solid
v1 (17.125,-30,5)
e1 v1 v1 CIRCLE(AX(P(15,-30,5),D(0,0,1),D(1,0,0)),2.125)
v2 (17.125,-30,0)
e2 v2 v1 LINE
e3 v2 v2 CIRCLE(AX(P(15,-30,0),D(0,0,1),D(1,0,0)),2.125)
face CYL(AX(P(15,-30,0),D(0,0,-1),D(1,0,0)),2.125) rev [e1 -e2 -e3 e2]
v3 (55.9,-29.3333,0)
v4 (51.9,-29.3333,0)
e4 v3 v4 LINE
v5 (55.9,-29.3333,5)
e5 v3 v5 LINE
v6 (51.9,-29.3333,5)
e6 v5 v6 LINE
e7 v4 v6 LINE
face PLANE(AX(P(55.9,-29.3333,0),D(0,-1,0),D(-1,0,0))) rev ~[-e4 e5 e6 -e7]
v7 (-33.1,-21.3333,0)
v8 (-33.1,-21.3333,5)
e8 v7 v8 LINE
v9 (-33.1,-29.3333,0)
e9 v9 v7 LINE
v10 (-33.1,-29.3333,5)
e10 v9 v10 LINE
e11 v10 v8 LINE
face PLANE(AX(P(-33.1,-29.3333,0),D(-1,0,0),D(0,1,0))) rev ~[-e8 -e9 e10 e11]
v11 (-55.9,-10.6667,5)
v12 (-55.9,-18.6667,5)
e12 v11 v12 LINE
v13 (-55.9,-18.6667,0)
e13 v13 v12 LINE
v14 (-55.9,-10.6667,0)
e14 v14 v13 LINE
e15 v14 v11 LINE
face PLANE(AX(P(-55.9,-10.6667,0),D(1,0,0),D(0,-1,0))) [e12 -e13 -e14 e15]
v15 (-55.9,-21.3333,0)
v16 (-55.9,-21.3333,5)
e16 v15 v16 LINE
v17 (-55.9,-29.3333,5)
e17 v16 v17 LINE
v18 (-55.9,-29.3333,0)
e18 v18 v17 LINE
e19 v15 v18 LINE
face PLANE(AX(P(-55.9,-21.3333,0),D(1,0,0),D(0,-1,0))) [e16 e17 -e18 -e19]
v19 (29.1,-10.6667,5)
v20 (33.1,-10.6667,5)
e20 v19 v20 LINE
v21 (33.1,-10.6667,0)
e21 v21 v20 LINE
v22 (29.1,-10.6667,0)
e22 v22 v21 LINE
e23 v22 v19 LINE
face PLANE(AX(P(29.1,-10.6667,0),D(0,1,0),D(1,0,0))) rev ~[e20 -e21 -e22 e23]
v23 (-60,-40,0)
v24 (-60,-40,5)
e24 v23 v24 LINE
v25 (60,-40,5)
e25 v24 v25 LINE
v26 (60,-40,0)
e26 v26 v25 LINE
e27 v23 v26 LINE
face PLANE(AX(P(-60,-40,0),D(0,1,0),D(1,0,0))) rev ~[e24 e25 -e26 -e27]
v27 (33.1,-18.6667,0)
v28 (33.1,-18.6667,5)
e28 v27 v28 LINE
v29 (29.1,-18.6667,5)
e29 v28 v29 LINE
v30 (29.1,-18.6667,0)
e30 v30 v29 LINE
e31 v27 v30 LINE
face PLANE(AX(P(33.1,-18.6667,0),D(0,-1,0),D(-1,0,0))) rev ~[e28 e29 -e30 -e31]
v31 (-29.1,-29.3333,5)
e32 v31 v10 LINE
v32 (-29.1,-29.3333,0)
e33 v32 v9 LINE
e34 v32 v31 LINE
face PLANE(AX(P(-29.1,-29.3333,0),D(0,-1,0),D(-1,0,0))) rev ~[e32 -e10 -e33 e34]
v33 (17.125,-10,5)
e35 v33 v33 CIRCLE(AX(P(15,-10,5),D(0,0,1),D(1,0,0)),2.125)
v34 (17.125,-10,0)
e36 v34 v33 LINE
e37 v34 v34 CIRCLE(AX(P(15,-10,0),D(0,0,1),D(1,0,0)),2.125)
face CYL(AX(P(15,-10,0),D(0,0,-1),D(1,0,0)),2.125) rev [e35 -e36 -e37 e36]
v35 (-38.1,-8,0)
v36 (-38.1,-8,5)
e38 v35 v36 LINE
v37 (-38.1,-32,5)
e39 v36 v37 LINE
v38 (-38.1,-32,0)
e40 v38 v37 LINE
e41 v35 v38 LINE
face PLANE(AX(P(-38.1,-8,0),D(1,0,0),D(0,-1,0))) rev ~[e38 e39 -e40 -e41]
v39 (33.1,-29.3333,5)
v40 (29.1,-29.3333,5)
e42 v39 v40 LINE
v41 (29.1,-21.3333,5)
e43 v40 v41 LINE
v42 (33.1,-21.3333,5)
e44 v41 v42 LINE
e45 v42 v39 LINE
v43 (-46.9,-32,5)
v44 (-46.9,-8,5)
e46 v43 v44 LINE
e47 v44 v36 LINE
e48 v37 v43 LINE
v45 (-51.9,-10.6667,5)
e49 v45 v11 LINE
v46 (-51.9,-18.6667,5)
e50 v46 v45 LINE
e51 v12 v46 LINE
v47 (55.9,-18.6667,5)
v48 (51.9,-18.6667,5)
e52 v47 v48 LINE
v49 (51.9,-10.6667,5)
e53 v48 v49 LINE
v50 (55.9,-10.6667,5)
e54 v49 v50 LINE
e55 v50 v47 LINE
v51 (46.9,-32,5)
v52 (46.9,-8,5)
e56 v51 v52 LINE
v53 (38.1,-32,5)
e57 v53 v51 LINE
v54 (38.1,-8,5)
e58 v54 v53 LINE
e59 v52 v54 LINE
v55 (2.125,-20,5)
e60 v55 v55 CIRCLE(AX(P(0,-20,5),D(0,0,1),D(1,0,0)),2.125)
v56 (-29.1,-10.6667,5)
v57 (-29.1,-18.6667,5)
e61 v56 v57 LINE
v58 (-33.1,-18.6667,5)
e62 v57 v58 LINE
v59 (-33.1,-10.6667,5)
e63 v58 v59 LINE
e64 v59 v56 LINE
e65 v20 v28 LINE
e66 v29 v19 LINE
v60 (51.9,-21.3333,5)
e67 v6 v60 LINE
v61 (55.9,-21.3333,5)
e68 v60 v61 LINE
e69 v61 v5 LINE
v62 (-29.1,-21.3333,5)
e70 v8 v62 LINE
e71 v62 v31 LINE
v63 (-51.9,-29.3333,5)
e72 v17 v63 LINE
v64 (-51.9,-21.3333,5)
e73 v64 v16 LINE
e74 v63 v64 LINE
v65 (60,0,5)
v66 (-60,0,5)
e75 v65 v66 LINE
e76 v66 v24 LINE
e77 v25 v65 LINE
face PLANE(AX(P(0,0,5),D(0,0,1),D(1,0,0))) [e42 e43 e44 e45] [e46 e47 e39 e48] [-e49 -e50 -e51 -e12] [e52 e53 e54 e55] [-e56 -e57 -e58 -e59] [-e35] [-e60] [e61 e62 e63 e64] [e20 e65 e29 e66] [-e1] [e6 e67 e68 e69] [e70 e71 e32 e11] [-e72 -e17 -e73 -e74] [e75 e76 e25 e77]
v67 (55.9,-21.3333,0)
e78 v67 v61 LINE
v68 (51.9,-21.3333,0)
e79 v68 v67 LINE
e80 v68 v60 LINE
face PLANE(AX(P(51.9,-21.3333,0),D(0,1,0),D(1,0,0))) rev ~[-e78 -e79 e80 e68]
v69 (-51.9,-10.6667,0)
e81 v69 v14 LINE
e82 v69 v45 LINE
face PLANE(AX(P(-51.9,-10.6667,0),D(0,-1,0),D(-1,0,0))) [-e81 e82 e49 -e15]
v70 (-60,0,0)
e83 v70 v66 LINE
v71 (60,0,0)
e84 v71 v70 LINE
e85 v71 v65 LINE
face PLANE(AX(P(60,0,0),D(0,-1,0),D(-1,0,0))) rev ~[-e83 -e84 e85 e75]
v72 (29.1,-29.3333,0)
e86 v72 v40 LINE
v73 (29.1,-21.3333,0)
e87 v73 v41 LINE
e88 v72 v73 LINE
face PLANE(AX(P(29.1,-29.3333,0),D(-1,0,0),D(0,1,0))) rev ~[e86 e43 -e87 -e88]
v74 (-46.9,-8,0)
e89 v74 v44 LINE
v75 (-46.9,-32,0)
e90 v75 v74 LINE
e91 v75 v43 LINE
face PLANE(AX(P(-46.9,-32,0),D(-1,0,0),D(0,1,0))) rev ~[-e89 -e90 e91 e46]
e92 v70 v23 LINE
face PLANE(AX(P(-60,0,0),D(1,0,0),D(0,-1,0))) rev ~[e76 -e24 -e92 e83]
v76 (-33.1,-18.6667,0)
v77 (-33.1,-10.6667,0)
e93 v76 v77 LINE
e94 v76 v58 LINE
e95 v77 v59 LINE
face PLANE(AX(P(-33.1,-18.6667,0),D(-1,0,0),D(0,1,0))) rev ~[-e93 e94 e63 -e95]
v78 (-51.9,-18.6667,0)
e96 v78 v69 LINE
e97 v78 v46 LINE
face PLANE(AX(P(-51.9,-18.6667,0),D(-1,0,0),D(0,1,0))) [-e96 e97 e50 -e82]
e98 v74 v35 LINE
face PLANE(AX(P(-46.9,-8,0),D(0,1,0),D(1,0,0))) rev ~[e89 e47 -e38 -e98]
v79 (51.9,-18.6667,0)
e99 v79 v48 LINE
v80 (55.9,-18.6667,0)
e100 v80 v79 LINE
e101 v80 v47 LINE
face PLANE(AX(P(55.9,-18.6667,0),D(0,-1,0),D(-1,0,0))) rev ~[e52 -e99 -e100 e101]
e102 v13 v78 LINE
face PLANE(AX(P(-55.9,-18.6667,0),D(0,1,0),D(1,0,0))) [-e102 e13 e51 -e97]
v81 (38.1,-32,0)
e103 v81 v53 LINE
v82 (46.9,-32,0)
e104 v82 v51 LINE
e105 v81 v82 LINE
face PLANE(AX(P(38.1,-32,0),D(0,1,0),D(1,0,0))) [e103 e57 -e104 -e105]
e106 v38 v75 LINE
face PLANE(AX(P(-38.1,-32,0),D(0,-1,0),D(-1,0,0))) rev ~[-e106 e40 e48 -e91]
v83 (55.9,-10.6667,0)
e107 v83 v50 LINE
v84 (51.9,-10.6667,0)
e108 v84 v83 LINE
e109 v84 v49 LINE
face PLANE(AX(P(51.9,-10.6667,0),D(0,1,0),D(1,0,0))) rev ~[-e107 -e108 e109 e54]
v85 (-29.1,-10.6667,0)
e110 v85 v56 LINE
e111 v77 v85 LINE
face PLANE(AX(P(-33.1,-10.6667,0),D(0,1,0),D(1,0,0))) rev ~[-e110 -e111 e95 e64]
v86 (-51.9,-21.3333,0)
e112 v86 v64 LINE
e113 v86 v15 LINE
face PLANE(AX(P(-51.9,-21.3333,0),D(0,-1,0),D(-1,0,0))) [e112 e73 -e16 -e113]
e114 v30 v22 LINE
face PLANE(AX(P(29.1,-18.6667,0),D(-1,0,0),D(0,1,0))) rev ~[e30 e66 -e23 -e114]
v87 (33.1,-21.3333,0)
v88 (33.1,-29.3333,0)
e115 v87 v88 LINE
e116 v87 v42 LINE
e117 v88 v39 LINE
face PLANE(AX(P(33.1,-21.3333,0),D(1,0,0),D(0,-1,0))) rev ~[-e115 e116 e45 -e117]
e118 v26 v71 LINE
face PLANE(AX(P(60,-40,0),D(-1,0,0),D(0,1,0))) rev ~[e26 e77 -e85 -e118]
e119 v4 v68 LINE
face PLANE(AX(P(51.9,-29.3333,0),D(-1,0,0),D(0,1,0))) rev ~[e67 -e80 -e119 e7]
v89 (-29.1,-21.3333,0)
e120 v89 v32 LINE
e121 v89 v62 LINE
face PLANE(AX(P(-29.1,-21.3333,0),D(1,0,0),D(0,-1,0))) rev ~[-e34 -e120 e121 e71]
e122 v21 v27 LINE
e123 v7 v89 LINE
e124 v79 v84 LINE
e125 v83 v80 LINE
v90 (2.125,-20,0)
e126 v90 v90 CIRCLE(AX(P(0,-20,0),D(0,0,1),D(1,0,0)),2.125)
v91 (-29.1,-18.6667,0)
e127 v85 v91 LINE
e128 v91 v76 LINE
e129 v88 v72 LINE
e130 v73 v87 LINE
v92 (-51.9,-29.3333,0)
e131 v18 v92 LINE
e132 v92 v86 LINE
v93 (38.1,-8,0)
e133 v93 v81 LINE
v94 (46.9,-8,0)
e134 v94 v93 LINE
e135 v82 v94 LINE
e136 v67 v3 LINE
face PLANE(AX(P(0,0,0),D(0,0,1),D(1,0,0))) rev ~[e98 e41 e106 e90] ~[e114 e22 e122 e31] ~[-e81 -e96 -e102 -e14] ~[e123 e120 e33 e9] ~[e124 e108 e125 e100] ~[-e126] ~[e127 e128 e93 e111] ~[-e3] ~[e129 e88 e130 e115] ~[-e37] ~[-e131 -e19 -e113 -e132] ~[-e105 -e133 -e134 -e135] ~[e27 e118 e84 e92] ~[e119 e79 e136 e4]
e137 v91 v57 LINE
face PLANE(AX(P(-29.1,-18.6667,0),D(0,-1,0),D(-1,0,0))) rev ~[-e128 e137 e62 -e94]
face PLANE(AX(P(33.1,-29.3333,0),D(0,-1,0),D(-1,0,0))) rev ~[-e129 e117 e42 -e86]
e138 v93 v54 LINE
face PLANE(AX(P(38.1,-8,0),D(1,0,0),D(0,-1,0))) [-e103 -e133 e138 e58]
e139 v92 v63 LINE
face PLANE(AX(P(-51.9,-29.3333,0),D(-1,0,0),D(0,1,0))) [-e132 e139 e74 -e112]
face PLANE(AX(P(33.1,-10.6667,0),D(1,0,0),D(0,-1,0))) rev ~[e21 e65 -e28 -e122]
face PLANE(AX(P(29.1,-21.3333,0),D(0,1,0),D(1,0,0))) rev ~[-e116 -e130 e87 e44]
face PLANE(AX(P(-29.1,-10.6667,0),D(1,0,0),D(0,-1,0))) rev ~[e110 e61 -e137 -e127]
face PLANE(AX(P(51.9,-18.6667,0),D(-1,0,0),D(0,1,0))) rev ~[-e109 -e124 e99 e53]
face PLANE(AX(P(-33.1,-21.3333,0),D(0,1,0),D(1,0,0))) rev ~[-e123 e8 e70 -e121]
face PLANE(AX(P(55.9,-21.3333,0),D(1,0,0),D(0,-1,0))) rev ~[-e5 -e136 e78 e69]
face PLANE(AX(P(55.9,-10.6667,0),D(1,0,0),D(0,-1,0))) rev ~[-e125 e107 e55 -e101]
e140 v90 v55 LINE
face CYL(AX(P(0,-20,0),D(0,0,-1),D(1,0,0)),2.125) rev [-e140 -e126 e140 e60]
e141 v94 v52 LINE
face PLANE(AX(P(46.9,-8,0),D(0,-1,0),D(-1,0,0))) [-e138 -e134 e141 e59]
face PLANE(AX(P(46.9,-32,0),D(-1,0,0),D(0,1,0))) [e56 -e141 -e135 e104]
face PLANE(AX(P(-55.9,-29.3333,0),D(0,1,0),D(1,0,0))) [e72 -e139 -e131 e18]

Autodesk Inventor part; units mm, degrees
ref_plane "YZ Plane" through (0, 0, 0) normal (1, 0, 0) x (0, 1, 0)
ref_plane "XZ Plane" through (0, 0, 0) normal (0, 1, 0) x (-1, 0, 0)
ref_plane "XY Plane" through (0, 0, 0) normal (0, 0, 1) x (1, 0, 0)
sketch "Sketch1" plane through (0, 0, 0) normal (0, 0, 1) x (1, 0, 0)
  line L0 (60, 0) -> (-60, 0)
  line L1 (-60, 0) -> (-60, -40)
  line L2 (-60, -40) -> (60, -40)
  line L3 (60, -40) -> (60, 0)
  line L4 (46.9, -8) -> (38.1, -8)
  line L5 (38.1, -8) -> (38.1, -32)
  line L6 (38.1, -32) -> (46.9, -32)
  line L7 (46.9, -32) -> (46.9, -8)
  line L8 (46.9, -8) -> (46.9, 0) construction
  line L9 (46.9, -32) -> (46.9, -40) construction
  line L10 (0, 0) -> (5.0949, 0) construction
  line L11 (-46.9, -8) -> (-38.1, -8)
  line L12 (-38.1, -8) -> (-38.1, -32)
  line L13 (-38.1, -32) -> (-46.9, -32)
  line L14 (-46.9, -32) -> (-46.9, -8)
  line L15 (-42.5, -23.6928) -> (-38.1, -23.6928) construction
  line L16 (-42.5, -23.6928) -> (-46.9, -23.6928) construction
  line L17 (46.9, -20) -> (60, -20) construction
  line L18 (-60, -20) -> (-46.9, -20) construction
  line L19 (51.9, -10.6667) -> (55.9, -10.6667)
  line L20 (55.9, -10.6667) -> (55.9, -18.6667)
  line L21 (55.9, -18.6667) -> (51.9, -18.6667)
  line L22 (51.9, -18.6667) -> (51.9, -10.6667)
  line L23 (51.9, -21.3333) -> (55.9, -21.3333)
  line L24 (55.9, -21.3333) -> (55.9, -29.3333)
  line L25 (55.9, -29.3333) -> (51.9, -29.3333)
  line L26 (51.9, -29.3333) -> (51.9, -21.3333)
  line L27 (51.9, -10.6667) -> (51.9, -8) construction
  line L28 (46.9, -8) -> (51.9, -8) construction
  line L29 (51.9, -18.6667) -> (51.9, -21.3333) construction
  line L30 (51.9, -29.3333) -> (51.9, -32) construction
  line L31 (46.9, -32) -> (51.9, -32) construction
  line L32 (29.1, -10.6667) -> (33.1, -10.6667)
  line L33 (33.1, -10.6667) -> (33.1, -18.6667)
  line L34 (33.1, -18.6667) -> (29.1, -18.6667)
  line L35 (29.1, -18.6667) -> (29.1, -10.6667)
  line L36 (29.1, -21.3333) -> (33.1, -21.3333)
  line L37 (33.1, -21.3333) -> (33.1, -29.3333)
  line L38 (33.1, -29.3333) -> (29.1, -29.3333)
  line L39 (29.1, -29.3333) -> (29.1, -21.3333)
  line L40 (38.1, -8) -> (33.1, -8) construction
  line L41 (33.1, -8) -> (33.1, -10.6667) construction
  line L42 (33.1, -18.6667) -> (33.1, -21.3333) construction
  line L43 (33.1, -29.3333) -> (33.1, -32) construction
  line L44 (33.1, -32) -> (38.1, -32) construction
  line L45 (-33.1, -10.6667) -> (-29.1, -10.6667)
  line L46 (-29.1, -10.6667) -> (-29.1, -18.6667)
  line L47 (-29.1, -18.6667) -> (-33.1, -18.6667)
  line L48 (-33.1, -18.6667) -> (-33.1, -10.6667)
  line L49 (-33.1, -21.3333) -> (-29.1, -21.3333)
  line L50 (-29.1, -21.3333) -> (-29.1, -29.3333)
  line L51 (-29.1, -29.3333) -> (-33.1, -29.3333)
  line L52 (-33.1, -29.3333) -> (-33.1, -21.3333)
  line L53 (-55.9, -29.3333) -> (-51.9, -29.3333)
  line L54 (-51.9, -29.3333) -> (-51.9, -21.3333)
  line L55 (-51.9, -21.3333) -> (-55.9, -21.3333)
  line L56 (-55.9, -21.3333) -> (-55.9, -29.3333)
  line L57 (-51.9, -10.6667) -> (-55.9, -10.6667)
  line L58 (-55.9, -10.6667) -> (-55.9, -18.6667)
  line L59 (-55.9, -18.6667) -> (-51.9, -18.6667)
  line L60 (-51.9, -18.6667) -> (-51.9, -10.6667)
  line L61 (-33.1, -29.3333) -> (-38.1, -29.3333) construction
  line L62 (-51.9, -29.3333) -> (-46.9, -29.3333) construction
  circle A0 centre (15, -30) radius 2.125
  circle A1 centre (15, -10) radius 2.125
  line L63 (15, -10) -> (15, -30) construction
  line L64 (15, -30) -> (15, -40) construction
  line L65 (15, -10) -> (15, 0) construction
  circle A2 centre (0, -20) radius 2.125
  line L66 (0, -20) -> (0, -40) construction
  line L67 (0, -20) -> (0, 0) construction
  dimension "d0" = 120
  dimension "d1" = 40
  dimension "d2" = 8.8
  dimension "d3" = 24
  dimension "d4" = 8.8
  dimension "d5" = 24
  dimension "d6" = 4
  dimension "d7" = 8
  dimension "d8" = 5
  dimension "d11" = 76.2
  dimension "d14" = 4.25
  dimension "d15" = 4.25
  dimension "d16" = 20
  dimension "d17" = 45
  dimension "d18" = 4.25
extrude "Extrusion1" add sketch "Sketch1" along normal blind 5
sketch "Sketch2" plane through (-46.9, -8, 0) normal (0, -1, 0) x (1, 0, 0)
  circle A0 centre (4.4, 11.0737) radius 7.5
  circle A1 centre (89.4, 11.0737) radius 7.5
  point P0 (46.9, 0)
  point P1 (0, 5)
  point P2 (8.8, 5)
  point P3 (85, 5)
  point P4 (93.8, 5)
  dimension "d12" = 15
  dimension "d13" = 15
properties part number "YCartFloor"
